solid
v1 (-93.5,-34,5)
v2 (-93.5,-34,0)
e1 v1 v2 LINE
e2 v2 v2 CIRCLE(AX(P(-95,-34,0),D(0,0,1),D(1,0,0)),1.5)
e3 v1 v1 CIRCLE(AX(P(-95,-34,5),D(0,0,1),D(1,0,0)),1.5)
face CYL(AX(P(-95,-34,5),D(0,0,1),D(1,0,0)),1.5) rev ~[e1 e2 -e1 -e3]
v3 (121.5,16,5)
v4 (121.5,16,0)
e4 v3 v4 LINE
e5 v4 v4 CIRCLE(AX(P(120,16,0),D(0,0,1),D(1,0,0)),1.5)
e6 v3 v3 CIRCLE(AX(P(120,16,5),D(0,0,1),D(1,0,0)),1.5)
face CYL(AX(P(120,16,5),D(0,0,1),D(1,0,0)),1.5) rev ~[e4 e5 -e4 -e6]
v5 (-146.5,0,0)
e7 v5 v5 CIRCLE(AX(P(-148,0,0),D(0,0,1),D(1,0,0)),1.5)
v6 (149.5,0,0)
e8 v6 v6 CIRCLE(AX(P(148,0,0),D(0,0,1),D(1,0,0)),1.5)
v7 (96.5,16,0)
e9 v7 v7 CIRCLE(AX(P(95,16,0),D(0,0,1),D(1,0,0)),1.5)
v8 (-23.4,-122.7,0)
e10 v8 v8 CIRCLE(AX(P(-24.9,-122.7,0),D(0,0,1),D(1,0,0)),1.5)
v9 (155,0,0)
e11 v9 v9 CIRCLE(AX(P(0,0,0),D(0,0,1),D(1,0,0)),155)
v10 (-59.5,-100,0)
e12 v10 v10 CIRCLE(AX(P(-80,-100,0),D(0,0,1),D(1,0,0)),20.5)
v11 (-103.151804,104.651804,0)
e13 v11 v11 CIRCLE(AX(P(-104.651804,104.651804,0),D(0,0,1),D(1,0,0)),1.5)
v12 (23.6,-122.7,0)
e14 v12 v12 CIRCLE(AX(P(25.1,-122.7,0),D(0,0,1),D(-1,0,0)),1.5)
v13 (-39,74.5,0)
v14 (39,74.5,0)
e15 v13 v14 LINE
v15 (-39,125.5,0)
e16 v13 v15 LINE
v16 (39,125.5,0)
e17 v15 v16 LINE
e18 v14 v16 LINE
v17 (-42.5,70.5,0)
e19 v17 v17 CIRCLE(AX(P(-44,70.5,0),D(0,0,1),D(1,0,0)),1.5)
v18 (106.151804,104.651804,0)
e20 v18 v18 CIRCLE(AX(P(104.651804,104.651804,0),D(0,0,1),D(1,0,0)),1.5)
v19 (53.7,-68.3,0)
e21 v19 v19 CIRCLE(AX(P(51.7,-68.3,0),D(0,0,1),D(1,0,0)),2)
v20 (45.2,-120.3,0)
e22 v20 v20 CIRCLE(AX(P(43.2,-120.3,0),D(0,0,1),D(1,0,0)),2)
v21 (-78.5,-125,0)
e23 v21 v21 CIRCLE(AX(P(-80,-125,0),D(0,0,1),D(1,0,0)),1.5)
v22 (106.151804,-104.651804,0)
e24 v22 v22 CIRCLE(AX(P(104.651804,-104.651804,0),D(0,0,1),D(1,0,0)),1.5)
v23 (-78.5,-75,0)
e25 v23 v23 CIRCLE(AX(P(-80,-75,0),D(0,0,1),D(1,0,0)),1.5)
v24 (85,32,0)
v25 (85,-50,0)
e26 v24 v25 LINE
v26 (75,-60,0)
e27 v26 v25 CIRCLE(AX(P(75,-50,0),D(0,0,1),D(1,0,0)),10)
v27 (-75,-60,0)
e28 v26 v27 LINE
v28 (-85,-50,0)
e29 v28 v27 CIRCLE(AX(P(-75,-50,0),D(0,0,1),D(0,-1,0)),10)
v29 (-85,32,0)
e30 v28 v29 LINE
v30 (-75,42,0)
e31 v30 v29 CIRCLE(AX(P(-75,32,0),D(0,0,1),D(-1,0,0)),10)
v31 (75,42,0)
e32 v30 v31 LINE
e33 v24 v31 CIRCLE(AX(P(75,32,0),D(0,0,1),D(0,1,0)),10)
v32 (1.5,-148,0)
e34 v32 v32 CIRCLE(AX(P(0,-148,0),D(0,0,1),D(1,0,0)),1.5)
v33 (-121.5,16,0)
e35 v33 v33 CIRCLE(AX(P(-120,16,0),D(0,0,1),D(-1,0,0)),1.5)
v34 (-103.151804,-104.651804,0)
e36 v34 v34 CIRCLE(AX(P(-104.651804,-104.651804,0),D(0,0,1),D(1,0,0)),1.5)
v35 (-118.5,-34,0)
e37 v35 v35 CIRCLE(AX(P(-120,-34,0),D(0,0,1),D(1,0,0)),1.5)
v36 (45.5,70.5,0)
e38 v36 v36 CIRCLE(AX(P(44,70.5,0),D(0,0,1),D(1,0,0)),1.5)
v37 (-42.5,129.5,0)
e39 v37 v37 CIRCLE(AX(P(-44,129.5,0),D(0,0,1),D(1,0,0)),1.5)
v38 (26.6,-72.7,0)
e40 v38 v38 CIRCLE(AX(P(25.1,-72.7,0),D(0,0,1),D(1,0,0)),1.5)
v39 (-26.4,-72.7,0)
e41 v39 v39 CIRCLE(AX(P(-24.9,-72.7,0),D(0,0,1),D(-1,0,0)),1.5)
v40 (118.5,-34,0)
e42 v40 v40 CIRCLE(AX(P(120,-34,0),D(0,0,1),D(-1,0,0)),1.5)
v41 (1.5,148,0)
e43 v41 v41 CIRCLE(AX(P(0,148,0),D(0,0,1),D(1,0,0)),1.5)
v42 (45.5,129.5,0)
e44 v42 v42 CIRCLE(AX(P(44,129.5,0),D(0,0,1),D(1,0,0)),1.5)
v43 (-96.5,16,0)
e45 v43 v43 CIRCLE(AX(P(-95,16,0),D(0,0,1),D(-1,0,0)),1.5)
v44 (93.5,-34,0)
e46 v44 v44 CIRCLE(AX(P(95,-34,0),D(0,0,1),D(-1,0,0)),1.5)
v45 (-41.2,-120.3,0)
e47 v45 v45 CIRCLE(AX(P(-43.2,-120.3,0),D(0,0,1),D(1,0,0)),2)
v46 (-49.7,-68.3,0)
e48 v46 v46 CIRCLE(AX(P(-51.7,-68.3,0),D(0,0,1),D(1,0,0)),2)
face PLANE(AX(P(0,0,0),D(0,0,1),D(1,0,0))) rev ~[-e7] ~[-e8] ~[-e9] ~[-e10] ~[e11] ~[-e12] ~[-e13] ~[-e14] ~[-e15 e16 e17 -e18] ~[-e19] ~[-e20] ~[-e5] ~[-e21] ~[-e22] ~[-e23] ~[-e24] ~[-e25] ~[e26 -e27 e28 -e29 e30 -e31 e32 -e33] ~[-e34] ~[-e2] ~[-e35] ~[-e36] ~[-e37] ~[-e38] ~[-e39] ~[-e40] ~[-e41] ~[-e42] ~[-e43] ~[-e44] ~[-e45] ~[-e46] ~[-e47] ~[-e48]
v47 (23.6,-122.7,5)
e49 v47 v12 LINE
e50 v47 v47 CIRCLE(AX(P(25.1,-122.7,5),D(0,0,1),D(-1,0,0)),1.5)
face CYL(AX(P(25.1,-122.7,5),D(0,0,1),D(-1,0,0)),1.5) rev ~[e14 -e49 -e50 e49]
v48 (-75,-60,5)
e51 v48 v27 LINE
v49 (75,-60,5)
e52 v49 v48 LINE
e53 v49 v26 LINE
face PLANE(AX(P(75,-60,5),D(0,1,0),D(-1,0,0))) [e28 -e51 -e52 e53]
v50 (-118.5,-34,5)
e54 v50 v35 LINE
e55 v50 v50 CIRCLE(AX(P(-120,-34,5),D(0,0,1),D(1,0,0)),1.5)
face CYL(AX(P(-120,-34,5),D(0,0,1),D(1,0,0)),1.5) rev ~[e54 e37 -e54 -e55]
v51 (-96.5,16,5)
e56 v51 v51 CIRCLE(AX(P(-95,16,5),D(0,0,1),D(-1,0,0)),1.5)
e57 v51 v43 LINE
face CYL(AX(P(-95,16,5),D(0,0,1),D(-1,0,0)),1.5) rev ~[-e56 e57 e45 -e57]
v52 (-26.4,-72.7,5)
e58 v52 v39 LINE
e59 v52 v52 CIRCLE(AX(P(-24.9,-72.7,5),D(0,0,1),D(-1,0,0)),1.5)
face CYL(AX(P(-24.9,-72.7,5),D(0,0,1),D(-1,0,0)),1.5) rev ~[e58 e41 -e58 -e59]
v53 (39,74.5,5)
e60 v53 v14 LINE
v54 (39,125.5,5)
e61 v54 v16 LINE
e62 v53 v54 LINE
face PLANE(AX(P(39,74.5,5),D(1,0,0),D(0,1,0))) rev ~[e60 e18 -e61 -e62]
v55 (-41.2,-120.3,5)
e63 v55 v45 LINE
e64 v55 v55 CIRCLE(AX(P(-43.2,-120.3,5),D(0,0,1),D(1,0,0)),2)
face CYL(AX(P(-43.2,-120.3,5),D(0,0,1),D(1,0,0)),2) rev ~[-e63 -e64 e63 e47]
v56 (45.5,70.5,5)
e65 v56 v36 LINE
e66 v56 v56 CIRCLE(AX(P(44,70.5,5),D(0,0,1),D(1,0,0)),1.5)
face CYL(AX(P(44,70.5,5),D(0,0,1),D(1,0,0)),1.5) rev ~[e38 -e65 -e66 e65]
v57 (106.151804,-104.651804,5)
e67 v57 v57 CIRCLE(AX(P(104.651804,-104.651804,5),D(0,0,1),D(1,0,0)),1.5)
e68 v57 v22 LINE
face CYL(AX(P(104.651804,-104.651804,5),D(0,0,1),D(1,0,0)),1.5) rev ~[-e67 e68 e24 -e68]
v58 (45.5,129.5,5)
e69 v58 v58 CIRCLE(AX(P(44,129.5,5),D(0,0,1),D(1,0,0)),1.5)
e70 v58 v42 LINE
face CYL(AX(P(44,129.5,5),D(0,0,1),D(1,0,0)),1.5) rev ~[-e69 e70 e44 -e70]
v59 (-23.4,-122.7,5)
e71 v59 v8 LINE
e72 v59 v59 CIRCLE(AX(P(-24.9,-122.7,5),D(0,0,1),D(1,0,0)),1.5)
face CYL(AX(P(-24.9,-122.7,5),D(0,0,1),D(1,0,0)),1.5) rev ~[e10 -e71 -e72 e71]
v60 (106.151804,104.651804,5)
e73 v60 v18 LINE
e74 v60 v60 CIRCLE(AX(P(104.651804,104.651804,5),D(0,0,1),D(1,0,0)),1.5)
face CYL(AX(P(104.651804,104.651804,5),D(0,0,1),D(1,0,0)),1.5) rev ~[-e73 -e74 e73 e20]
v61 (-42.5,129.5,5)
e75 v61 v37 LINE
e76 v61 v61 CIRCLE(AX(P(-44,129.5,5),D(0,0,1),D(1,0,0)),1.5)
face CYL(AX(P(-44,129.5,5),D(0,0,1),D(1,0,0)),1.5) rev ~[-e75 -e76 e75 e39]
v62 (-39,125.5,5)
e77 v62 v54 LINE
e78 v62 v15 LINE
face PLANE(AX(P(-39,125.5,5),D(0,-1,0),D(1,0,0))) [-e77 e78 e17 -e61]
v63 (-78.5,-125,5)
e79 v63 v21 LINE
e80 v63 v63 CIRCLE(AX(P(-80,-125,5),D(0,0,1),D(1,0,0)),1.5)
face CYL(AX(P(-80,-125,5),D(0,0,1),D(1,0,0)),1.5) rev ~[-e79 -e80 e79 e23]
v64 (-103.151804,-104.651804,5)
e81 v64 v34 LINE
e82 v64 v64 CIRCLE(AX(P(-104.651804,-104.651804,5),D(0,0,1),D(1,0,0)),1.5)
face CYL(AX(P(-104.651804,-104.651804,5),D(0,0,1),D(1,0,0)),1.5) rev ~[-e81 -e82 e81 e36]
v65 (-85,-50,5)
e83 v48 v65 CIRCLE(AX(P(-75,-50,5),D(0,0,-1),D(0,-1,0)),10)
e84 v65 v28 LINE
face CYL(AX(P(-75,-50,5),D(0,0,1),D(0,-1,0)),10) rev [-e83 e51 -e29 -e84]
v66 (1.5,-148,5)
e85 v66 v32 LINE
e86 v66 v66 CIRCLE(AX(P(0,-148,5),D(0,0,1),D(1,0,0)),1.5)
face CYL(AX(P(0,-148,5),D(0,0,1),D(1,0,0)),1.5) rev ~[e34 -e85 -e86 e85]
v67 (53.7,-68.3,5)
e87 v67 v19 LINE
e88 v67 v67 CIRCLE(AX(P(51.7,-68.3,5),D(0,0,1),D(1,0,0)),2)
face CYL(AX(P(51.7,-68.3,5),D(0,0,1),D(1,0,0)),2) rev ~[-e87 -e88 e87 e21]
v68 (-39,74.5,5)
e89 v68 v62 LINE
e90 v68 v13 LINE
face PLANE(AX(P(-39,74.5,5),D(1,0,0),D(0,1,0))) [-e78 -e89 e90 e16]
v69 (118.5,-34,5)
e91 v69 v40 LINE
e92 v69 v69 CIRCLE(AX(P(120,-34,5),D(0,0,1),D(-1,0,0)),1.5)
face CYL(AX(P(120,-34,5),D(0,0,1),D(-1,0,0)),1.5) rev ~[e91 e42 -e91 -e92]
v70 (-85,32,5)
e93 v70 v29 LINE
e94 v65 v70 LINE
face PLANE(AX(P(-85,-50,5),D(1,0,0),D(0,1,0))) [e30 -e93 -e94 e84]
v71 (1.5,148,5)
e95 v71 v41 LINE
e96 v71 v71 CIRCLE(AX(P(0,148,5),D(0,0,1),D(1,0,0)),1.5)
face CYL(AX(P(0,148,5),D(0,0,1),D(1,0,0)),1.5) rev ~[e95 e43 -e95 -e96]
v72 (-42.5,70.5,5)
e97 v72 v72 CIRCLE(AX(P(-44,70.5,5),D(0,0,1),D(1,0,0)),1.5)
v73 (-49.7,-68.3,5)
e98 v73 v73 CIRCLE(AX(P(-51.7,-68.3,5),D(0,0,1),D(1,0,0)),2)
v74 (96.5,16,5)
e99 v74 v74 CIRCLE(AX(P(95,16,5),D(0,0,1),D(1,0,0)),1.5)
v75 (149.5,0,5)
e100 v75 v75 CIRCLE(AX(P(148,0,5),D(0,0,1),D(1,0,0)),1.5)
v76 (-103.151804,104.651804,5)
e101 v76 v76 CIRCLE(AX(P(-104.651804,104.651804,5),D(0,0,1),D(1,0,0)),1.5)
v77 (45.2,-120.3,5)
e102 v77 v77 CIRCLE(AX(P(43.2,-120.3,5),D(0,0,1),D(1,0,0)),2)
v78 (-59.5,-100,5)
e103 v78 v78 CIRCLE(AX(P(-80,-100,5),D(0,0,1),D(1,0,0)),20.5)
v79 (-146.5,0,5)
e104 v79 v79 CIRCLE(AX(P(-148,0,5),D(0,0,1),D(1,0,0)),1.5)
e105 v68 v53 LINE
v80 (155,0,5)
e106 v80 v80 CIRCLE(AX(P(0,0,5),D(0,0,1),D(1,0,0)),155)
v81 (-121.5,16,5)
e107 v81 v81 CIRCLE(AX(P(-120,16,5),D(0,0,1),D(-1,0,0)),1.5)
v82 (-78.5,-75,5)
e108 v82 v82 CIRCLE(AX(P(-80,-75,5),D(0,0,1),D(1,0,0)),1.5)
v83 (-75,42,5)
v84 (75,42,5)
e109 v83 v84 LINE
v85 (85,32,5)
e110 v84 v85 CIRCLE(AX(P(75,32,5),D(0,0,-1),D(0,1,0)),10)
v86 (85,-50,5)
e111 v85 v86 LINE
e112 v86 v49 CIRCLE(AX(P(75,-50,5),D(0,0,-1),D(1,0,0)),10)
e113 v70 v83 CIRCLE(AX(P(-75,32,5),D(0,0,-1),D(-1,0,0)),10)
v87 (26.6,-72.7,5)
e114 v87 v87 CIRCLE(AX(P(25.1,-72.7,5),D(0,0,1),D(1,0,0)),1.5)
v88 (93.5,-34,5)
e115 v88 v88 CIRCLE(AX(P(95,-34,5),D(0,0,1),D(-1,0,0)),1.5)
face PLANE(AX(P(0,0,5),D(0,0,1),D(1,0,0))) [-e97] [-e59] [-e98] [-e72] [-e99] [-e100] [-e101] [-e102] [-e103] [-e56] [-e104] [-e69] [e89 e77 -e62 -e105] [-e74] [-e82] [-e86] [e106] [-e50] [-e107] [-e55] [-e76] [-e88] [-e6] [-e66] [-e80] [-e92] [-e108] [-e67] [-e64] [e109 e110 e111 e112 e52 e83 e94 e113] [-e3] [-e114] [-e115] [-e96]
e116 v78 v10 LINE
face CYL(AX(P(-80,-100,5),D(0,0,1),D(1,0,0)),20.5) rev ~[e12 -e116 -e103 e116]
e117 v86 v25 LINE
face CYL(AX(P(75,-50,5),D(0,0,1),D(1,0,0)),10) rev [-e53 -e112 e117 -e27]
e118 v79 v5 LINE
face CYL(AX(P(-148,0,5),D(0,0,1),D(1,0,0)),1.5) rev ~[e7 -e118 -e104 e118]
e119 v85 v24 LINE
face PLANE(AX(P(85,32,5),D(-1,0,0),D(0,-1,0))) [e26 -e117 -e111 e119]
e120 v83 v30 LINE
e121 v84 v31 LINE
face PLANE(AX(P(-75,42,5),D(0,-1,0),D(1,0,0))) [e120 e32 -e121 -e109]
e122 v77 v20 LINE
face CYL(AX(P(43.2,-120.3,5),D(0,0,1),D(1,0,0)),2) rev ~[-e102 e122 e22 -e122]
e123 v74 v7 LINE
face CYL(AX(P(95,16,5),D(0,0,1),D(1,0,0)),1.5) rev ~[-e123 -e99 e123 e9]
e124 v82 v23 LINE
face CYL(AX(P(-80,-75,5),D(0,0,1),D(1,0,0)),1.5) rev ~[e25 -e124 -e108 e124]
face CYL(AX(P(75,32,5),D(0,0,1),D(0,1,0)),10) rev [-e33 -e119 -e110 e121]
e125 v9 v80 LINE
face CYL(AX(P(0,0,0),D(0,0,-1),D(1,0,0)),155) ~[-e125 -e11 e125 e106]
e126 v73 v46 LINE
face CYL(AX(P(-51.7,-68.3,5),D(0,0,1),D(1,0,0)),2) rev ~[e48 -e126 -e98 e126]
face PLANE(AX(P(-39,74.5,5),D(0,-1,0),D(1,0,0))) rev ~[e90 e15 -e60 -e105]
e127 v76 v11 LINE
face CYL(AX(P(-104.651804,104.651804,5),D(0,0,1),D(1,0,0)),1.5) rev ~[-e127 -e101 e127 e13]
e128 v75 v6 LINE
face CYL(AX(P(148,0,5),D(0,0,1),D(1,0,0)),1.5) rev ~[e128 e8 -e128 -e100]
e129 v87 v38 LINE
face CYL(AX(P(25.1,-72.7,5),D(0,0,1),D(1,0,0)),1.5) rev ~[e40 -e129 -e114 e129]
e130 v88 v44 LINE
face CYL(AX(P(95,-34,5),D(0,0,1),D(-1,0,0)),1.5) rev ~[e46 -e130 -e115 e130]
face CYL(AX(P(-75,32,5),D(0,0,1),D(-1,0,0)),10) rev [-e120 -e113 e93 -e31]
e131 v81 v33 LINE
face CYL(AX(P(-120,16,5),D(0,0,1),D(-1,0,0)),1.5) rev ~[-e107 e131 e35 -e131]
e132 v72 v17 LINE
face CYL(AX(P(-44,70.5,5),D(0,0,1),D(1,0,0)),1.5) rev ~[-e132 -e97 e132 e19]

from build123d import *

# Parameters (mm, degrees)
SKETCH_1_R           = 155
EXTRUDE_1_DEPTH      = 5
SKETCH_16_R          = 1.5
CUT_EXTRUDE_15_DEPTH = 220.260119493
SKETCH_17_R          = 1.5
SKETCH_17_R_2        = 20.5
CUT_EXTRUDE_16_DEPTH = 220.260119493
SKETCH_19_R          = 2
SKETCH_19_R_2        = 1.5
CUT_EXTRUDE_17_DEPTH = 220.260119493
CUT_EXTRUDE_18_DEPTH = 220.260119493
SKETCH_21_R          = 1.5
CUT_EXTRUDE_19_DEPTH = 220.260119493
SKETCH_22_R          = 1.5
SKETCH_22_W          = 78
SKETCH_22_H          = 51
CUT_EXTRUDE_20_DEPTH = 220.260119493


with BuildPart() as part:
    # 草图1 → 凸台-拉伸1 (new body)
    with BuildSketch(Plane.XY):
        Circle(SKETCH_1_R)
    extrude(amount=EXTRUDE_1_DEPTH)

    # 草图16 → 切除-拉伸15 (cut, through all)
    with BuildSketch(Plane.XY.offset(5)):
        with Locations((0, 148)):
            Circle(SKETCH_16_R)
        with Locations((104.651803616, 104.651803616)):
            Circle(SKETCH_16_R)
        with Locations((148, 0)):
            Circle(SKETCH_16_R)
        with Locations((104.651803616, -104.651803616)):
            Circle(SKETCH_16_R)
        with Locations((0, -148)):
            Circle(SKETCH_16_R)
        with Locations((-104.651803616, -104.651803616)):
            Circle(SKETCH_16_R)
        with Locations((-148, 0)):
            Circle(SKETCH_16_R)
        with Locations((-104.651803616, 104.651803616)):
            Circle(SKETCH_16_R)
    extrude(amount=-CUT_EXTRUDE_15_DEPTH, mode=Mode.SUBTRACT)

    # 草图17 → 切除-拉伸16 (cut, through all)
    with BuildSketch(Plane.XY.offset(5)):
        with Locations((-80, -75)):
            Circle(SKETCH_17_R)
        with Locations((-80, -125)):
            Circle(SKETCH_17_R)
        with Locations((-80, -100)):
            Circle(SKETCH_17_R_2)
    extrude(amount=-CUT_EXTRUDE_16_DEPTH, mode=Mode.SUBTRACT)

    # 草图19 → 切除-拉伸17 (cut, through all)
    with BuildSketch(Plane.XY.offset(5)):
        with Locations((51.7, -68.3)):
            Circle(SKETCH_19_R)
        with Locations((43.2, -120.3)):
            Circle(SKETCH_19_R)
        with Locations((-43.2, -120.3)):
            Circle(SKETCH_19_R)
        with Locations((-51.7, -68.3)):
            Circle(SKETCH_19_R)
        with Locations((25.1, -72.7)):
            Circle(SKETCH_19_R_2)
        with Locations(Location((25.1, -122.7, 0), (0, 0, 180))):
            Circle(SKETCH_19_R_2)
        with Locations((-24.9, -122.7)):
            Circle(SKETCH_19_R_2)
        with Locations(Location((-24.9, -72.7, 0), (0, 0, 180))):
            Circle(SKETCH_19_R_2)
    extrude(amount=-CUT_EXTRUDE_17_DEPTH, mode=Mode.SUBTRACT)

    # 草图20 → 切除-拉伸18 (cut, through all)
    with BuildSketch(Plane.XY.offset(5)):
        with BuildLine():
            Line((-75, 42), (75, 42))
            ThreePointArc((75, 42), (82.071067812, 39.071067812), (85, 32))
            Line((85, 32), (85, -50))
            ThreePointArc((85, -50), (82.071067812, -57.071067812), (75, -60))
            Line((75, -60), (-75, -60))
            ThreePointArc((-75, -60), (-82.071067812, -57.071067812), (-85, -50))
            Line((-85, -50), (-85, 32))
            ThreePointArc((-85, 32), (-82.071067812, 39.071067812), (-75, 42))
        make_face()
    extrude(amount=-CUT_EXTRUDE_18_DEPTH, mode=Mode.SUBTRACT)

    # 草图21 → 切除-拉伸19 (cut, through all)
    with BuildSketch(Plane.XY.offset(5)):
        with Locations((95, 16)):
            Circle(SKETCH_21_R)
        with Locations((120, 16)):
            Circle(SKETCH_21_R)
        with Locations(Location((120, -34, 0), (0, 0, 180))):
            Circle(SKETCH_21_R)
        with Locations(Location((95, -34, 0), (0, 0, 180))):
            Circle(SKETCH_21_R)
        with Locations((-120, -34)):
            Circle(SKETCH_21_R)
        with Locations((-95, -34)):
            Circle(SKETCH_21_R)
        with Locations(Location((-120, 16, 0), (0, 0, 180))):
            Circle(SKETCH_21_R)
        with Locations(Location((-95, 16, 0), (0, 0, 180))):
            Circle(SKETCH_21_R)
    extrude(amount=-CUT_EXTRUDE_19_DEPTH, mode=Mode.SUBTRACT)

    # 草图22 → 切除-拉伸20 (cut, through all)
    with BuildSketch(Plane.XY.offset(5)):
        with Locations((-44, 129.5)):
            Circle(SKETCH_22_R)
        with Locations((44, 129.5)):
            Circle(SKETCH_22_R)
        with Locations((44, 70.5)):
            Circle(SKETCH_22_R)
        with Locations((-44, 70.5)):
            Circle(SKETCH_22_R)
        with Locations((0, 100)):
            Rectangle(SKETCH_22_W, SKETCH_22_H)
    extrude(amount=-CUT_EXTRUDE_20_DEPTH, mode=Mode.SUBTRACT)


solid = part.part
